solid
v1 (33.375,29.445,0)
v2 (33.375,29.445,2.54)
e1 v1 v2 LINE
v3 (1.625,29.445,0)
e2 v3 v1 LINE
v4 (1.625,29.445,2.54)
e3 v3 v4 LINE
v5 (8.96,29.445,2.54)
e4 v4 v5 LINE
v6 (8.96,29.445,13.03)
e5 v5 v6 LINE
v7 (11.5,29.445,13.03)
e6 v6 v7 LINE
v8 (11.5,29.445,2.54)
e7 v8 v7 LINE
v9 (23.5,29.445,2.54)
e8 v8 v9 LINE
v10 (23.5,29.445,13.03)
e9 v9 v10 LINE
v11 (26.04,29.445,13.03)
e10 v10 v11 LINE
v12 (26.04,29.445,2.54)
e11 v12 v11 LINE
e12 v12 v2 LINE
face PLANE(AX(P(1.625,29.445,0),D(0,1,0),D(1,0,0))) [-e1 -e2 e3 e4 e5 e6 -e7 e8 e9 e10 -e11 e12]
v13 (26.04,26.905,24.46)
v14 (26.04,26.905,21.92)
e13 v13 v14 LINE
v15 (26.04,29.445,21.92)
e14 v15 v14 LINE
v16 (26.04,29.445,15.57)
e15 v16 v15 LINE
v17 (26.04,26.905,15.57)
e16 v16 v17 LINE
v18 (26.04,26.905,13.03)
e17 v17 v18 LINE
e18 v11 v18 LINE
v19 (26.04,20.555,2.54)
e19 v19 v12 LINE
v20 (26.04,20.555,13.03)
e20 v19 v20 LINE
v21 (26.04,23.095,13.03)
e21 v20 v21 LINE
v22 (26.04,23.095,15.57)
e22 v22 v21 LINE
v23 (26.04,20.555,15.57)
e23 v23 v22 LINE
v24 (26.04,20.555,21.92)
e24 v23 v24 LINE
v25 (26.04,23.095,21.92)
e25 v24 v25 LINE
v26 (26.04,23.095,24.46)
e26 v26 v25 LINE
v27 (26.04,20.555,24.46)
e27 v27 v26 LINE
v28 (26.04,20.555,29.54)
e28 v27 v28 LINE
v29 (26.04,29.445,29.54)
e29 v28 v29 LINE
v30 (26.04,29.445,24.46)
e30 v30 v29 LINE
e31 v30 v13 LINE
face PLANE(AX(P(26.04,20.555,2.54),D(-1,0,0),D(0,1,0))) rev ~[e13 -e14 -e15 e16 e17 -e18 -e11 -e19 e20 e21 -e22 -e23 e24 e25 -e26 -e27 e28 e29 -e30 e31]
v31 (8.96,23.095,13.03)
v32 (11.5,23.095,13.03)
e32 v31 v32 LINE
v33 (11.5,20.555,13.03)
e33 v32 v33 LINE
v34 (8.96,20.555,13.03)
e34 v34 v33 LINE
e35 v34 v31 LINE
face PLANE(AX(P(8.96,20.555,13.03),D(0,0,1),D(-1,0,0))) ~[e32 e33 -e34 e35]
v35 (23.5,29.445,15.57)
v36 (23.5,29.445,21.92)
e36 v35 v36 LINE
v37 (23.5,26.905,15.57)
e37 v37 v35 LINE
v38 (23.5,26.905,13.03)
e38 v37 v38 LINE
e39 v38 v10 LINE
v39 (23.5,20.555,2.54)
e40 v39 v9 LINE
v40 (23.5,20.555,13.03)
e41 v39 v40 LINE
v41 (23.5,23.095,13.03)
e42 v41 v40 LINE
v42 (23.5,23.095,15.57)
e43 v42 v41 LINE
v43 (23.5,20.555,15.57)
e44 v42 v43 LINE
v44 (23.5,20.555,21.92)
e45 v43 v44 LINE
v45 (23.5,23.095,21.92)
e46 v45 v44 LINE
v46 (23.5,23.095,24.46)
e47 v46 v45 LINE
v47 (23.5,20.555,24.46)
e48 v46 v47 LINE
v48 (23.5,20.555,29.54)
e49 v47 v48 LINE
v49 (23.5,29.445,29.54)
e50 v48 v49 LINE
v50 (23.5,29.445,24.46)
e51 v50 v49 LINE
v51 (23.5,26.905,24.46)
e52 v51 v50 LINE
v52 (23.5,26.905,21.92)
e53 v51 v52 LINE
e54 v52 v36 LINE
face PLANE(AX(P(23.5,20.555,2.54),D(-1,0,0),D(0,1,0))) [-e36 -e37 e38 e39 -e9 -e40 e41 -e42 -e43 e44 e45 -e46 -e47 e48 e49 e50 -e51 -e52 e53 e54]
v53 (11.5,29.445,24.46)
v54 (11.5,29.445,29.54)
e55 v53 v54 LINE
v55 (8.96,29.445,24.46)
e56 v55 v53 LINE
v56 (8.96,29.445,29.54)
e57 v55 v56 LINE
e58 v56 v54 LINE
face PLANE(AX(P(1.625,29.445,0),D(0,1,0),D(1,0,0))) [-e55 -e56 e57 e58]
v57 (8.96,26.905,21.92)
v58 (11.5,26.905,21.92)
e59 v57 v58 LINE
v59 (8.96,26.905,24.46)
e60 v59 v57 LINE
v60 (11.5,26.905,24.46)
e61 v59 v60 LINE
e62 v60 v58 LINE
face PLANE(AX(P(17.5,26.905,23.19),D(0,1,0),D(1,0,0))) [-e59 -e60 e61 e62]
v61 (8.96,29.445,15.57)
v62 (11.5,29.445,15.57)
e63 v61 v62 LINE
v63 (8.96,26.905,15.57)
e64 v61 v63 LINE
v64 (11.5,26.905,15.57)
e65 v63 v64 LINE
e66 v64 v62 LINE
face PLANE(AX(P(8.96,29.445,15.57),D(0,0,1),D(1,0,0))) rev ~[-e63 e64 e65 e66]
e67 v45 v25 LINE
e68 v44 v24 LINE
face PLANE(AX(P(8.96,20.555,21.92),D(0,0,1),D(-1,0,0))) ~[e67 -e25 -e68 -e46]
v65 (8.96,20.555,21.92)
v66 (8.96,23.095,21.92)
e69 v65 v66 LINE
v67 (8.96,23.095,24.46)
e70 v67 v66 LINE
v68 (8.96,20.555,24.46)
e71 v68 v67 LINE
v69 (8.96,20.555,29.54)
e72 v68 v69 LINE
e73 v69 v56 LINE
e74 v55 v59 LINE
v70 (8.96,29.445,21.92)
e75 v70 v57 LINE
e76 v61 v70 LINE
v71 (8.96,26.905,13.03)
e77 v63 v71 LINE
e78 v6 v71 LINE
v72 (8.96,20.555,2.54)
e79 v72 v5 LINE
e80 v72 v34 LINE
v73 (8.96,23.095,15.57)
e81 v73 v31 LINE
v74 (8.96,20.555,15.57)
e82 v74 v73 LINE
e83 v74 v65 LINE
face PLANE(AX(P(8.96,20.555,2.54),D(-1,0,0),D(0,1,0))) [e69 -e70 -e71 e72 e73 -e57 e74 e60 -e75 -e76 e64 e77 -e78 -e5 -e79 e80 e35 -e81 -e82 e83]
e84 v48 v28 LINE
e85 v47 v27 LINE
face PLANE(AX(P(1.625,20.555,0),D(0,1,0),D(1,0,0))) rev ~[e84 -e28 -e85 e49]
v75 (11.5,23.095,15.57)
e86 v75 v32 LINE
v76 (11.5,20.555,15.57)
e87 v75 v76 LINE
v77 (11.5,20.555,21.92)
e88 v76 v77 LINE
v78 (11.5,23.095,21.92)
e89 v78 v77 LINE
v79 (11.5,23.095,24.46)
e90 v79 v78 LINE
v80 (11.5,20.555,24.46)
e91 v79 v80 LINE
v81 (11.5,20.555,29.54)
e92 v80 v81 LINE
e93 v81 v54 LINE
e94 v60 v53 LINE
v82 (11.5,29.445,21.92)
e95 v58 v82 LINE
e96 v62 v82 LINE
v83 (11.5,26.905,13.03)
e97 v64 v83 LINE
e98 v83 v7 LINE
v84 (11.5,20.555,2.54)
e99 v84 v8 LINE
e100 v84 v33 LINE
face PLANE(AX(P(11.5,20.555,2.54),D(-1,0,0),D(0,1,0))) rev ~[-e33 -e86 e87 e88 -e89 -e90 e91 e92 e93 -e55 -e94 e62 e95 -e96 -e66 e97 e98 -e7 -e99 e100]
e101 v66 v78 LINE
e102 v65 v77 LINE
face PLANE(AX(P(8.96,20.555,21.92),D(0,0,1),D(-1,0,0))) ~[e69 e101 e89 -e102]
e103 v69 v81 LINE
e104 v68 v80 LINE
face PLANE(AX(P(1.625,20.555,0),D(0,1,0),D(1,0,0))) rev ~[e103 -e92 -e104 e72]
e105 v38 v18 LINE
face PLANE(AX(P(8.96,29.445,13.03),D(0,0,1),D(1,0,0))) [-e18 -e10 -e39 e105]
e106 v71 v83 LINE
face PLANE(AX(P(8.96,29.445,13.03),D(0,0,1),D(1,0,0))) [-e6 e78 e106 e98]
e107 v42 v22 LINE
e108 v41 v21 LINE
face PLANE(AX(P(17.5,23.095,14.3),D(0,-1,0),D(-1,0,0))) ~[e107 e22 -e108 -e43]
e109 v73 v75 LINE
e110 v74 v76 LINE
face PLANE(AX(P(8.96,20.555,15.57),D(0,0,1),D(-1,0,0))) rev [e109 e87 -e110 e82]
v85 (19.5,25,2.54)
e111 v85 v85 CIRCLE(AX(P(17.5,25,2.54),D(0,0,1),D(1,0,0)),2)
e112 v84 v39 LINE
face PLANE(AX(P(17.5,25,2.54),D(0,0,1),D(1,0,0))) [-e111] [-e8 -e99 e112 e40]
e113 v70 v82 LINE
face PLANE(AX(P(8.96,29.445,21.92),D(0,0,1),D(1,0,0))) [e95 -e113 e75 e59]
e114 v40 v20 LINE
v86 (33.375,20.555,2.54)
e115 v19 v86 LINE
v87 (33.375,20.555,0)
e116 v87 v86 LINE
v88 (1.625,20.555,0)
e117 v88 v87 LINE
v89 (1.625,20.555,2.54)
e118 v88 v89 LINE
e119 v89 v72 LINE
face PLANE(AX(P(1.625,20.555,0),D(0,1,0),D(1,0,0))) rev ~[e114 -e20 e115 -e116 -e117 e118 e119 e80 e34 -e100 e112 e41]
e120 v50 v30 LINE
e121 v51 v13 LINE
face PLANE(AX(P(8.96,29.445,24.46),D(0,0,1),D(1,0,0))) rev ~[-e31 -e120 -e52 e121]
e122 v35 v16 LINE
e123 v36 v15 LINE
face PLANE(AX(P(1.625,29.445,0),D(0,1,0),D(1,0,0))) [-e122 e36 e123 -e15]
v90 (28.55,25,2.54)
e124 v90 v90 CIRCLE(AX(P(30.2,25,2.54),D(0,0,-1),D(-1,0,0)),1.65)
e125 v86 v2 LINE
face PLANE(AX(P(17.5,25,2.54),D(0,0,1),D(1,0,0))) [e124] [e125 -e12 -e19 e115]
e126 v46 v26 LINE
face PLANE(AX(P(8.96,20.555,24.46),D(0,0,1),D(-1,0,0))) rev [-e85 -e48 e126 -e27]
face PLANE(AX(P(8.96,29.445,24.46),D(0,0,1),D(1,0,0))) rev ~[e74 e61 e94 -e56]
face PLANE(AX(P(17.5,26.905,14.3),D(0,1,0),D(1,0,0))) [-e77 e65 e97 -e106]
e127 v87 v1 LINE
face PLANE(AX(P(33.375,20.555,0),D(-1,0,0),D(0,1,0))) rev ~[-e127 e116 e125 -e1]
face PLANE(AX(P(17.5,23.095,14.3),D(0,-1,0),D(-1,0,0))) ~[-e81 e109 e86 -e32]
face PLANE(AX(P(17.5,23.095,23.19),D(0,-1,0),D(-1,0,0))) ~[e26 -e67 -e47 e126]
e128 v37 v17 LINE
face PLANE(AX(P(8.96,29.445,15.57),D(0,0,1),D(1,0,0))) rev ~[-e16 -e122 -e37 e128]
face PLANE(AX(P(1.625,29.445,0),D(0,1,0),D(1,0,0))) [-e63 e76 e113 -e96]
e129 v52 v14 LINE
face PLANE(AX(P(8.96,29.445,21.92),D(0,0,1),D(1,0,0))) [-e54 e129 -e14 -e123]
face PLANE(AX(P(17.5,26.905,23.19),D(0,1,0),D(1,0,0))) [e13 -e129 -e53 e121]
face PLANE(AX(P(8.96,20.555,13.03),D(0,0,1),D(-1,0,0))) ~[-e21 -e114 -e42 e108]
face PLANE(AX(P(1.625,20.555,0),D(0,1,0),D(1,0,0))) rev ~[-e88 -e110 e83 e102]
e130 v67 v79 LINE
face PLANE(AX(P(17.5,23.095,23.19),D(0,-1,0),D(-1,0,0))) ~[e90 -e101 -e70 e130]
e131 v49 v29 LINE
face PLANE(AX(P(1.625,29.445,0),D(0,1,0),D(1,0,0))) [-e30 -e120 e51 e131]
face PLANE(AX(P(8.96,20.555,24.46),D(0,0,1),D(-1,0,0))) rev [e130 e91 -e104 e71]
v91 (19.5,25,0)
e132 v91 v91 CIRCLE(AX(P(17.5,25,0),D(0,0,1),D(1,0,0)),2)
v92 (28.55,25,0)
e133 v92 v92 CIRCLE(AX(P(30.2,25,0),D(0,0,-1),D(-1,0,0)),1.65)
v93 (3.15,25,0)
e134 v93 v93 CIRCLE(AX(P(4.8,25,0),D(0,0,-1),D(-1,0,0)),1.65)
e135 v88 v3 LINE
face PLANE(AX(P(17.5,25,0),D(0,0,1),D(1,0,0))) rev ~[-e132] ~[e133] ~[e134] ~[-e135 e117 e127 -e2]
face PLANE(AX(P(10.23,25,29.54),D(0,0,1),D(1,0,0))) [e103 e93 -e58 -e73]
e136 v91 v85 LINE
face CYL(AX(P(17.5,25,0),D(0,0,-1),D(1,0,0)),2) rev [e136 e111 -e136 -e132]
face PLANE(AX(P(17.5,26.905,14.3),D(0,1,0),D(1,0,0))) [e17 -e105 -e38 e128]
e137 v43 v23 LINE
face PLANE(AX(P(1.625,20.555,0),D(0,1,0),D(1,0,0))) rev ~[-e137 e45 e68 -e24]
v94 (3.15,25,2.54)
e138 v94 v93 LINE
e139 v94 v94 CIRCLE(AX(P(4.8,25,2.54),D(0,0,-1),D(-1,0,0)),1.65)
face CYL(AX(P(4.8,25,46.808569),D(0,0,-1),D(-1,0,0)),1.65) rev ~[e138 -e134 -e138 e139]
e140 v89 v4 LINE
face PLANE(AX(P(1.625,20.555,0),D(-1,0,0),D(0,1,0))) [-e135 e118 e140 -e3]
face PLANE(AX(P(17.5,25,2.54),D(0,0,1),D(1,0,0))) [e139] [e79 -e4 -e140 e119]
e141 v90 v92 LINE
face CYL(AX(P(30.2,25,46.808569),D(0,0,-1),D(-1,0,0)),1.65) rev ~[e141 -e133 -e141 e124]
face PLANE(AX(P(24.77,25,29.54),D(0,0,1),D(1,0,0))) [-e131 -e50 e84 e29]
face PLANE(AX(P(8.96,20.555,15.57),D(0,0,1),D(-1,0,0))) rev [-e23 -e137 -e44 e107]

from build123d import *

# Parameters (mm, degrees)
SKETCH1_W                   = 31.75
SKETCH1_H                   = 8.89
SKETCH1_R                   = 2
BOSS_EXTRUDE1_DEPTH         = 2.54
SKETCH3_W                   = 2.54
SKETCH3_H                   = 8.89
BOSS_EXTRUDE2_DEPTH         = 27
SKETCH4_W                   = 17.08
SKETCH4_H                   = 2.54
CUT_EXTRUDE1_DEPTH          = 2.54
TAP_DRILL_FOR_M4X0_7_TAP1_D = 3.3


with BuildPart() as part:
    # Sketch1 → Boss-Extrude1 (new body)
    with BuildSketch(Plane.XY):
        with Locations((17.5, 25)):
            Rectangle(SKETCH1_W, SKETCH1_H)
        with Locations((17.5, 25)):
            Circle(SKETCH1_R, mode=Mode.SUBTRACT)
    extrude(amount=BOSS_EXTRUDE1_DEPTH)

    # Sketch3 → Boss-Extrude2 (add)
    with BuildSketch(Plane.XY.offset(2.54)):
        with Locations((10.23, 25)):
            Rectangle(SKETCH3_W, SKETCH3_H)
        with Locations((24.77, 25)):
            Rectangle(SKETCH3_W, SKETCH3_H)
    extrude(amount=BOSS_EXTRUDE2_DEPTH)

    # Sketch4 → Cut-Extrude1 (cut)
    with BuildSketch(Plane(origin=(0, 29.445, 0), x_dir=(1, 0, 0), z_dir=(0, 1, 0))):
        with Locations((17.5, -23.19)):
            Rectangle(SKETCH4_W, SKETCH4_H)
        with Locations((17.5, -14.3)):
            Rectangle(SKETCH4_W, SKETCH4_H)
    cut_extrude1 = extrude(amount=-CUT_EXTRUDE1_DEPTH, mode=Mode.SUBTRACT)

    # Mirror1: Cut-Extrude1 across plane
    add(cut_extrude1.mirror(Plane.ZX.offset(25)), mode=Mode.SUBTRACT)

    # Tap Drill for M4x0.7 Tap1 (through all)
    with Locations(Plane.XY.offset(2.54)):
        with Locations((4.8, 25), (30.2, 25)):
            Hole(TAP_DRILL_FOR_M4X0_7_TAP1_D / 2)


solid = part.part
